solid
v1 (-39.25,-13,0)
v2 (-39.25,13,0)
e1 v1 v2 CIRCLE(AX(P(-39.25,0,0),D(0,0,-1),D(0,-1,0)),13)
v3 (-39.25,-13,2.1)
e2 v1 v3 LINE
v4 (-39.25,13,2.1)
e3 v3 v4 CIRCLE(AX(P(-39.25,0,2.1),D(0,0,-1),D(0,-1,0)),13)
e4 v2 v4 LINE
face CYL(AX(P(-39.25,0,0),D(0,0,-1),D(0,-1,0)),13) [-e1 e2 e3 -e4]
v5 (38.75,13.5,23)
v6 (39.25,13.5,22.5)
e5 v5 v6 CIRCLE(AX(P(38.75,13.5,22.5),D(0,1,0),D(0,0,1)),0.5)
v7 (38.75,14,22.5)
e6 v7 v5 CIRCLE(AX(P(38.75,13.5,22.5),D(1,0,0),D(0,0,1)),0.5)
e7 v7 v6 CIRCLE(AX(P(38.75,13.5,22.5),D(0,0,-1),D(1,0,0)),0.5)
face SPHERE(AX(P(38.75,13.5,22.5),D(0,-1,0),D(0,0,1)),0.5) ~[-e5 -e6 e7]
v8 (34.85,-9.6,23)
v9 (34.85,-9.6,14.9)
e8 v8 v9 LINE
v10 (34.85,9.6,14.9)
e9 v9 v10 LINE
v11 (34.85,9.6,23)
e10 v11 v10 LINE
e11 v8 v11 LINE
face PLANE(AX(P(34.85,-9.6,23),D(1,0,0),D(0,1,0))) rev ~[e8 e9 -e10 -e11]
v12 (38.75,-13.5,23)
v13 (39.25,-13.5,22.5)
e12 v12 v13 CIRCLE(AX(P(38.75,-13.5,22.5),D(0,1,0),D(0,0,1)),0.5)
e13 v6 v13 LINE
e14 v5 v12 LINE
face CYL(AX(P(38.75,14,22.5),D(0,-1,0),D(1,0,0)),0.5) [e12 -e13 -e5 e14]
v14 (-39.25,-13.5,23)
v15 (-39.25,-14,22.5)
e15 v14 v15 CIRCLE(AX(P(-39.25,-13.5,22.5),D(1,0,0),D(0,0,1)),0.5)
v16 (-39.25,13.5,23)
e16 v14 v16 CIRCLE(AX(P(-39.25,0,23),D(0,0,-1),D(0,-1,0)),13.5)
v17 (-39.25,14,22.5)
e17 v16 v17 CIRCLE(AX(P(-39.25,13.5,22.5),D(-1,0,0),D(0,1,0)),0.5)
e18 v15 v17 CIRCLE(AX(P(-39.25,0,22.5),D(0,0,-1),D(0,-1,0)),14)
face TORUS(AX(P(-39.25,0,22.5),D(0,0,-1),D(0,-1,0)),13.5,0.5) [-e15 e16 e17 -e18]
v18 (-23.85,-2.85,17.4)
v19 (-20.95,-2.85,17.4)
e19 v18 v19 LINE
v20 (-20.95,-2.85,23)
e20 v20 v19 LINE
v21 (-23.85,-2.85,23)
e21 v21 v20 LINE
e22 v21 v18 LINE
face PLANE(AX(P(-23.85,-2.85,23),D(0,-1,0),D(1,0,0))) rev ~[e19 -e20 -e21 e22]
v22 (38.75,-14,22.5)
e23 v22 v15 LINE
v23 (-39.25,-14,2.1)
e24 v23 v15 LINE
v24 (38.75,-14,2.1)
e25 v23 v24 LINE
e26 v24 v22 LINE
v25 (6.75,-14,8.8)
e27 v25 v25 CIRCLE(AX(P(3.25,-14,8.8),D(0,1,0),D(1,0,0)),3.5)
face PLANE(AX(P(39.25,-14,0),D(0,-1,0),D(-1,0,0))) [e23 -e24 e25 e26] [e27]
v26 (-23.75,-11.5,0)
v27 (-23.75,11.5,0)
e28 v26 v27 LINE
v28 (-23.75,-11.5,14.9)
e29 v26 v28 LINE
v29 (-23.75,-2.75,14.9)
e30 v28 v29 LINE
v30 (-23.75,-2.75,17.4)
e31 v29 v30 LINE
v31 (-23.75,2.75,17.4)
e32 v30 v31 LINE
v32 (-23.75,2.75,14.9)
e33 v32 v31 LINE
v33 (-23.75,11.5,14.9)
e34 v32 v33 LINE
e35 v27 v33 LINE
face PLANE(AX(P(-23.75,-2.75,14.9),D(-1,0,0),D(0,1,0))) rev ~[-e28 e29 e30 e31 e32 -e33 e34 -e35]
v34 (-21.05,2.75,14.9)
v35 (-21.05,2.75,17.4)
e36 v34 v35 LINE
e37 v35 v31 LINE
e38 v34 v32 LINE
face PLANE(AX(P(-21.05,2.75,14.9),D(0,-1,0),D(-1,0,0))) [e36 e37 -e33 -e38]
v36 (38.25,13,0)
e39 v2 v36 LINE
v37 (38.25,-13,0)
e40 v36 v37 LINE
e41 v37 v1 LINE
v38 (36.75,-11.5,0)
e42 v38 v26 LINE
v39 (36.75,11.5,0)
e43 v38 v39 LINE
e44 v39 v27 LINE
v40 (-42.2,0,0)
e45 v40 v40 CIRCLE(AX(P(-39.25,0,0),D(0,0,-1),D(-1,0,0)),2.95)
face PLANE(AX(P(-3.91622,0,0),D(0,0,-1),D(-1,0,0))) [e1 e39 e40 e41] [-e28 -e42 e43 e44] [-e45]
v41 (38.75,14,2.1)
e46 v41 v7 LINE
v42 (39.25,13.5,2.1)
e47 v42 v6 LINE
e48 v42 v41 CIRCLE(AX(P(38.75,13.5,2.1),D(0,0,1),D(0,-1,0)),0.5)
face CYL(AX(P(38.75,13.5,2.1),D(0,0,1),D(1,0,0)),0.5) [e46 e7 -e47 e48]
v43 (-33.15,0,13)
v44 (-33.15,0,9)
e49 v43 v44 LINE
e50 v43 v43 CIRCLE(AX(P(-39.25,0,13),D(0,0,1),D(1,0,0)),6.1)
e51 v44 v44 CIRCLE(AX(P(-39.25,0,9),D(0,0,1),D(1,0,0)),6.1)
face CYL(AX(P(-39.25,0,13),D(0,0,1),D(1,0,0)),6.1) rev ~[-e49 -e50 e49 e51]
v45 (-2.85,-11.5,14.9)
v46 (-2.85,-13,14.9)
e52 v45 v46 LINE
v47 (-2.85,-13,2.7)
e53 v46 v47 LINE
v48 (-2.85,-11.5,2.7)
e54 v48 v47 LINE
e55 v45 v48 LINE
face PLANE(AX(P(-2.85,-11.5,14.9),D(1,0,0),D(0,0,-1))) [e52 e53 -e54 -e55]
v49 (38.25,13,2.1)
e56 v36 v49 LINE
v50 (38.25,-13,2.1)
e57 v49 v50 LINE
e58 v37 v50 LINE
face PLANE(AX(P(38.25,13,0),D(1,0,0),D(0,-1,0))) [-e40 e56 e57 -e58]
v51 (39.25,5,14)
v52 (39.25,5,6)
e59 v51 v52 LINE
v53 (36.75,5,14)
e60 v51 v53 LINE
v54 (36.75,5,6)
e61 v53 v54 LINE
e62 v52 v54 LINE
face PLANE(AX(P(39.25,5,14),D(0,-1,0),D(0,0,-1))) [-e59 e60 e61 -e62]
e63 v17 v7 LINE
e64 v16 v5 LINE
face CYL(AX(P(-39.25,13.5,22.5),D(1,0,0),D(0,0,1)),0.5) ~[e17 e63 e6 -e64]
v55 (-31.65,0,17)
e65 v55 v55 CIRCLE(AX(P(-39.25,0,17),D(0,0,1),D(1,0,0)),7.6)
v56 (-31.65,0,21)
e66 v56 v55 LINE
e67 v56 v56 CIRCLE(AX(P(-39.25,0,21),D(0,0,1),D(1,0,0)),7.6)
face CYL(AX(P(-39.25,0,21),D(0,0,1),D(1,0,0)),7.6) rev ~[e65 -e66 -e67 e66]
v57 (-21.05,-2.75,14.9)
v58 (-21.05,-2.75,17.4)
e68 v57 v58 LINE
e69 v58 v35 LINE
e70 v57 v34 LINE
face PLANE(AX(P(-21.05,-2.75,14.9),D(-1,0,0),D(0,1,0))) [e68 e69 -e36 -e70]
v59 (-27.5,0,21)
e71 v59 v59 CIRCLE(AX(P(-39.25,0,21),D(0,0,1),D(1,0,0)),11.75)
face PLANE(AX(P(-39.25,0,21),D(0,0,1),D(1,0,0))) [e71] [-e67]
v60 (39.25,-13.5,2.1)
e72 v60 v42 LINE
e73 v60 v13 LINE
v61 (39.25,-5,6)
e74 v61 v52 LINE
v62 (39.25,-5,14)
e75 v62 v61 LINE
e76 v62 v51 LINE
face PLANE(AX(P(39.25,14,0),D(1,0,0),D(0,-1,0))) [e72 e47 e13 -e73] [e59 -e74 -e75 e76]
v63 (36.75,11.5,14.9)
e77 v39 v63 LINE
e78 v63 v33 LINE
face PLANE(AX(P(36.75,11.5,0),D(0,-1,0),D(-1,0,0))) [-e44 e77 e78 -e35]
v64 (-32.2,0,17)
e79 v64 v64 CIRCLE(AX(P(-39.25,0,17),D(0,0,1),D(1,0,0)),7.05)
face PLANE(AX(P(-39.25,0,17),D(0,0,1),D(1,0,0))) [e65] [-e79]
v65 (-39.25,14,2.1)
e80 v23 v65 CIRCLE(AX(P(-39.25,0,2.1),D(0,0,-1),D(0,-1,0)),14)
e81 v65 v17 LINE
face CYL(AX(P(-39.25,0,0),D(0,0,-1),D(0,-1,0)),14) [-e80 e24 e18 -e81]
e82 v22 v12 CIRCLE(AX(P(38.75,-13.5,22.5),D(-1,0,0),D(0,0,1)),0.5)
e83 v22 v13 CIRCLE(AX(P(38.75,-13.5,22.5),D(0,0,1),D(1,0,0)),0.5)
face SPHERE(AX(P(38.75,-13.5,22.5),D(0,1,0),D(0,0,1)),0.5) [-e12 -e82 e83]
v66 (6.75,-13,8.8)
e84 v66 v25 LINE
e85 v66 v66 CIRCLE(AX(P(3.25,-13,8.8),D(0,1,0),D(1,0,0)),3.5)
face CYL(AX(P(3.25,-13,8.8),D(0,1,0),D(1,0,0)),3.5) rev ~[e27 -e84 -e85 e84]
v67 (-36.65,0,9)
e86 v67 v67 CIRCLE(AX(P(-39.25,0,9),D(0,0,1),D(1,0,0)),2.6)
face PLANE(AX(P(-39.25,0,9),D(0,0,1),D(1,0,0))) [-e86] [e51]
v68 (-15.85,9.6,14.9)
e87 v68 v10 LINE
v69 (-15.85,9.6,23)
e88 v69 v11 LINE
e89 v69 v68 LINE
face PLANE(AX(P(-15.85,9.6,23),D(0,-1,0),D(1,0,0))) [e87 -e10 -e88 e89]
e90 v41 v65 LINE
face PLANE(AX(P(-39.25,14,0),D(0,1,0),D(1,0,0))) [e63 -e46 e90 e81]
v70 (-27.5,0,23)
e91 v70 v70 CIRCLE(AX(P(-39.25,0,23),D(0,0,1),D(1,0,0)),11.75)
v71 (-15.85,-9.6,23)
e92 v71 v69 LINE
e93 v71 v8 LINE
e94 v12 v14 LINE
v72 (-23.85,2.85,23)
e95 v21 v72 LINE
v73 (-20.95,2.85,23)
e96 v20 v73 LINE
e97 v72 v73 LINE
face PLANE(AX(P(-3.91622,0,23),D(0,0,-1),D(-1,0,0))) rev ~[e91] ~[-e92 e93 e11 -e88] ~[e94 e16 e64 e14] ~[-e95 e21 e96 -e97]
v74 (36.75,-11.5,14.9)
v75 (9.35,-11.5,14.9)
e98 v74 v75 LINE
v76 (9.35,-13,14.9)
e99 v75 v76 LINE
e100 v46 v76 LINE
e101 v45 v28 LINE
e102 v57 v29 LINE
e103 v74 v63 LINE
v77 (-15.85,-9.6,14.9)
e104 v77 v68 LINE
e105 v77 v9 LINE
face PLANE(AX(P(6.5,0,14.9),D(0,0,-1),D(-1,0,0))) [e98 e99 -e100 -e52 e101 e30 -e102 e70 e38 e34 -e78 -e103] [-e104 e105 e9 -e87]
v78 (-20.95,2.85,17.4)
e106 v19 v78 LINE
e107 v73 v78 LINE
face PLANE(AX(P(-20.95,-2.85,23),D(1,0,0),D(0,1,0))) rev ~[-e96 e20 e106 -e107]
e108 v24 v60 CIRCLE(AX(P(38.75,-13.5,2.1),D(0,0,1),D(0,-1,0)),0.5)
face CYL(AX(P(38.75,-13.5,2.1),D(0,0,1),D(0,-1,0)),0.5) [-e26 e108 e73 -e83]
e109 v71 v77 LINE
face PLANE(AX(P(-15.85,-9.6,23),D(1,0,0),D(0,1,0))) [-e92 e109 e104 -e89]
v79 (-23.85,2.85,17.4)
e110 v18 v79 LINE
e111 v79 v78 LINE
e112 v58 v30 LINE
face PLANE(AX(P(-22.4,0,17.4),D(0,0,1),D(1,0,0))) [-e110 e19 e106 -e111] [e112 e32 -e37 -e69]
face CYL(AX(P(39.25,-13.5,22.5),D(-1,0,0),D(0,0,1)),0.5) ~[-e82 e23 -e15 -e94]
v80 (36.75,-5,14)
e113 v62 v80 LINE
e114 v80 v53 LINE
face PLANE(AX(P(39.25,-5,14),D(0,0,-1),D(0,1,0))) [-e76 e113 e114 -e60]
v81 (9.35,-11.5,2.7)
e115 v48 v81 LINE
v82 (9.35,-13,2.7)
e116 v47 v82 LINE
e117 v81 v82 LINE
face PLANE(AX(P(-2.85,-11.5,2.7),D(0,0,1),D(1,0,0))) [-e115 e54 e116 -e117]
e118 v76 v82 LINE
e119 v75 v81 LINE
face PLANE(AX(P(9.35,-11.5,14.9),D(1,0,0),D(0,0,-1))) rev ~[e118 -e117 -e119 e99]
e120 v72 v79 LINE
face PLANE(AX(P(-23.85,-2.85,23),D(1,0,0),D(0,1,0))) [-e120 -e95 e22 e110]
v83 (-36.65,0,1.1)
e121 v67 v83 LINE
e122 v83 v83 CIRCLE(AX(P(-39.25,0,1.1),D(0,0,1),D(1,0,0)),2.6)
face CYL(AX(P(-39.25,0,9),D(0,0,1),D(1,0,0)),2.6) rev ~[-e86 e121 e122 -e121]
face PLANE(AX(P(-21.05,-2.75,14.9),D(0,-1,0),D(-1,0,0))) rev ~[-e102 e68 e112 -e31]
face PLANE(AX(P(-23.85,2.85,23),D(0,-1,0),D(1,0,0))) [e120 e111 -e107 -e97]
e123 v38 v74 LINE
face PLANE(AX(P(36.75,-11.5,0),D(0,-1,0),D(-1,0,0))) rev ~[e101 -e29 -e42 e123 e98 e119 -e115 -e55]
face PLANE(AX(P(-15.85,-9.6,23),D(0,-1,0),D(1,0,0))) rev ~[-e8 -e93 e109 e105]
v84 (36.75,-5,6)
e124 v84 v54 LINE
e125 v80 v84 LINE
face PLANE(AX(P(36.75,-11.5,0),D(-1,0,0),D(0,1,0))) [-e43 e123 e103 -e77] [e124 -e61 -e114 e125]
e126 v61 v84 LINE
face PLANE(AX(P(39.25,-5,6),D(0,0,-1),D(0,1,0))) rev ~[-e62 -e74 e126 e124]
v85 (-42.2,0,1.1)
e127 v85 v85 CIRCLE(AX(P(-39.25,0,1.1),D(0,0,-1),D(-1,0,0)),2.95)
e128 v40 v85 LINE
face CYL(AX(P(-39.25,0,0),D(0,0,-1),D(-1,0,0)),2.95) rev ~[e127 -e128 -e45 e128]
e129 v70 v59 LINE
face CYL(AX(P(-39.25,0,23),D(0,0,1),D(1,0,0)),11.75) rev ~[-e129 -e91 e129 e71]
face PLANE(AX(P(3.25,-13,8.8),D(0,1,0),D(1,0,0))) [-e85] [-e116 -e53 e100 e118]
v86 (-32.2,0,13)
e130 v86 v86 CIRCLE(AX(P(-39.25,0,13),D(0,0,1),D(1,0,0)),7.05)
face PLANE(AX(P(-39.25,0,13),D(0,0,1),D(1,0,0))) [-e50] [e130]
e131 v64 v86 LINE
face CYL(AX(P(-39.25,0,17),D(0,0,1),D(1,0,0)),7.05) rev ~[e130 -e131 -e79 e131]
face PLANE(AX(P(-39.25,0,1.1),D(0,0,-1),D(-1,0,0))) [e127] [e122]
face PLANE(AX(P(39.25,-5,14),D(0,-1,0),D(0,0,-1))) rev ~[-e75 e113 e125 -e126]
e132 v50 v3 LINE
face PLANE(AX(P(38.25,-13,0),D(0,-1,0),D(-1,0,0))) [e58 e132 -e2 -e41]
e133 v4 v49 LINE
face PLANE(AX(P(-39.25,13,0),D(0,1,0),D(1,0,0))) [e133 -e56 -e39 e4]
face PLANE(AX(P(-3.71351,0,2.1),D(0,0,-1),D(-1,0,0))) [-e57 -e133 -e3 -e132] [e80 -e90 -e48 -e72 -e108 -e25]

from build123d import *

# Parameters (mm, degrees)
EXTRUDE_1_DEPTH       = 23
SKETCH_2_R            = 11.75
CUT_EXTRUDE_1_DEPTH   = 2
SKETCH_3_R            = 7.6
CUT_EXTRUDE_2_DEPTH   = 4
SKETCH_4_R            = 7.05
CUT_EXTRUDE_3_DEPTH   = 4
SKETCH_5_R            = 6.1
CUT_EXTRUDE_4_DEPTH   = 4
SKETCH_6_R            = 2.6
CUT_EXTRUDE_5_DEPTH   = 9
SKETCH_7_R            = 2.95
CUT_EXTRUDE_6_DEPTH   = 1.1
SKETCH_8_W            = 50.7
SKETCH_8_H            = 19.2
CUT_EXTRUDE_7_DEPTH   = 8.1
SKETCH_9_W            = 60.5
SKETCH_9_H            = 23
CUT_EXTRUDE_8_DEPTH   = 14.9
CUT_EXTRUDE_9_REACH   = 94.5
SKETCH_10_W           = 8
SKETCH_10_H           = 10
CUT_EXTRUDE_1_2_DEPTH = 2.1
SKETCH_13_W           = 12.2
SKETCH_13_H           = 12.2
CUT_EXTRUDE_11_DEPTH  = 1.5
CUT_EXTRUDE_14_REACH  = 3
SKETCH_16_R           = 3.5
SKETCH_14_W           = 2.7
SKETCH_14_H           = 5.5
CUT_EXTRUDE_12_DEPTH  = 12
SKETCH_15_W           = 2.9
SKETCH_15_H           = 5.7
CUT_EXTRUDE_13_DEPTH  = 5.6
FILLET_1_R            = 0.5


with BuildPart() as part:
    # Эскиз1 → Бобышка-Вытянуть1 (new body)
    with BuildSketch(Plane.XY):
        with BuildLine():
            Line((39.25, -14), (-39.25, -14))
            ThreePointArc((-39.25, -14), (-53.25, 0), (-39.25, 14))
            Line((-39.25, 14), (39.25, 14))
            Line((39.25, 14), (39.25, -14))
        make_face()
    extrude(amount=EXTRUDE_1_DEPTH)

    # Эскиз2 → Cut-Extrude 1 (cut)
    with BuildSketch(Plane.XY.offset(23)):
        with Locations((-39.25, 0)):
            Circle(SKETCH_2_R)
    extrude(amount=-CUT_EXTRUDE_1_DEPTH, mode=Mode.SUBTRACT)

    # Эскиз3 → Вырез-Вытянуть2 (cut)
    with BuildSketch(Plane.XY.offset(21)):
        with Locations((-39.25, 0)):
            Circle(SKETCH_3_R)
    extrude(amount=-CUT_EXTRUDE_2_DEPTH, mode=Mode.SUBTRACT)

    # Эскиз4 → Вырез-Вытянуть3 (cut)
    with BuildSketch(Plane.XY.offset(17)):
        with Locations((-39.25, 0)):
            Circle(SKETCH_4_R)
    extrude(amount=-CUT_EXTRUDE_3_DEPTH, mode=Mode.SUBTRACT)

    # Эскиз5 → Вырез-Вытянуть4 (cut)
    with BuildSketch(Plane.XY.offset(13)):
        with Locations((-39.25, 0)):
            Circle(SKETCH_5_R)
    extrude(amount=-CUT_EXTRUDE_4_DEPTH, mode=Mode.SUBTRACT)

    # Эскиз6 → Вырез-Вытянуть5 (cut)
    with BuildSketch(Plane.XY.offset(9)):
        with Locations((-39.25, 0)):
            Circle(SKETCH_6_R)
    extrude(amount=-CUT_EXTRUDE_5_DEPTH, mode=Mode.SUBTRACT)

    # Эскиз7 → Вырез-Вытянуть6 (cut)
    with BuildSketch(Plane(origin=(0, 0, 0), x_dir=(-1, 0, 0), z_dir=(0, 0, -1))):
        with Locations((39.25, 0)):
            Circle(SKETCH_7_R)
    extrude(amount=-CUT_EXTRUDE_6_DEPTH, mode=Mode.SUBTRACT)

    # Эскиз8 → Вырез-Вытянуть7 (cut)
    with BuildSketch(Plane.XY.offset(23)):
        with Locations((9.5, 0)):
            Rectangle(SKETCH_8_W, SKETCH_8_H)
    extrude(amount=-CUT_EXTRUDE_7_DEPTH, mode=Mode.SUBTRACT)

    # Эскиз9 → Вырез-Вытянуть8 (cut)
    with BuildSketch(Plane(origin=(0, 0, 0), x_dir=(-1, 0, 0), z_dir=(0, 0, -1))):
        with Locations((-6.5, 0)):
            Rectangle(SKETCH_9_W, SKETCH_9_H)
    extrude(amount=-CUT_EXTRUDE_8_DEPTH, mode=Mode.SUBTRACT)

    # Эскиз10 → Вырез-Вытянуть9 (cut, up to next)
    with BuildSketch(Plane(origin=(39.25, 0, 0), x_dir=(0, 0, -1), z_dir=(1, 0, 0)), mode=Mode.PRIVATE) as cut_extrude_9_sk1:
        with Locations((-10, 0)):
            Rectangle(SKETCH_10_W, SKETCH_10_H)
    cut_extrude_9_tool1 = extrude(cut_extrude_9_sk1.sketch, amount=-CUT_EXTRUDE_9_REACH, mode=Mode.PRIVATE) & part.part
    add(cut_extrude_9_tool1.solids().sort_by_distance((39.25, 0, 10))[0], mode=Mode.SUBTRACT)

    # Эскиз11 → Cut-Extrude 1 2 (cut)
    with BuildSketch(Plane(origin=(0, 0, 0), x_dir=(-1, 0, 0), z_dir=(0, 0, -1))):
        with BuildLine():
            Line((39.25, 15), (-40.25, 15))
            Line((-40.25, 15), (-40.25, -15))
            Line((-40.25, -15), (39.25, -15))
            ThreePointArc((39.25, -15), (54.25, 0), (39.25, 15))
        make_face()
        with BuildLine():
            Line((39.25, 13), (-38.25, 13))
            Line((-38.25, 13), (-38.25, -13))
            Line((-38.25, -13), (39.25, -13))
            ThreePointArc((39.25, -13), (52.25, 0), (39.25, 13))
        make_face(mode=Mode.SUBTRACT)
    extrude(amount=-CUT_EXTRUDE_1_2_DEPTH, mode=Mode.SUBTRACT)

    # Эскиз13 → Вырез-Вытянуть11 (cut)
    with BuildSketch(Plane(origin=(0, -11.5, 0), x_dir=(1, 0, 0), z_dir=(0, 1, 0))):
        with Locations((3.25, -8.8)):
            Rectangle(SKETCH_13_W, SKETCH_13_H)
    extrude(amount=-CUT_EXTRUDE_11_DEPTH, mode=Mode.SUBTRACT)

    # Эскиз16 → Вырез-Вытянуть14 (cut, up to next)
    with BuildSketch(Plane(origin=(0, -13, 0), x_dir=(1, 0, 0), z_dir=(0, 1, 0)), mode=Mode.PRIVATE) as cut_extrude_14_sk1:
        with Locations((3.25, -8.8)):
            Circle(SKETCH_16_R)
    cut_extrude_14_tool1 = extrude(cut_extrude_14_sk1.sketch, amount=-CUT_EXTRUDE_14_REACH, mode=Mode.PRIVATE) & part.part
    add(cut_extrude_14_tool1.solids().sort_by_distance((3.25, -13, 8.8))[0], mode=Mode.SUBTRACT)

    # Эскиз14 → Вырез-Вытянуть12 (cut)
    with BuildSketch(Plane(origin=(0, 0, 14.9), x_dir=(-1, 0, 0), z_dir=(0, 0, -1))):
        with Locations((22.4, 0)):
            Rectangle(SKETCH_14_W, SKETCH_14_H)
    extrude(amount=-CUT_EXTRUDE_12_DEPTH, mode=Mode.SUBTRACT)

    # Эскиз15 → Вырез-Вытянуть13 (cut)
    with BuildSketch(Plane.XY.offset(23)):
        with Locations((-22.4, 0)):
            Rectangle(SKETCH_15_W, SKETCH_15_H)
    extrude(amount=-CUT_EXTRUDE_13_DEPTH, mode=Mode.SUBTRACT)

    # Скругление1
    fillet_1_edges = [part.edges().sort_by_distance(p)[0] for p in [
        (39.25, 0, 23),
        (0, 14, 23),
        (-53.25, 0, 23),
        (0, -14, 23),
        (39.25, 14, 12.55),
        (39.25, -14, 12.55),
    ]]
    fillet(fillet_1_edges, radius=FILLET_1_R)


solid = part.part
